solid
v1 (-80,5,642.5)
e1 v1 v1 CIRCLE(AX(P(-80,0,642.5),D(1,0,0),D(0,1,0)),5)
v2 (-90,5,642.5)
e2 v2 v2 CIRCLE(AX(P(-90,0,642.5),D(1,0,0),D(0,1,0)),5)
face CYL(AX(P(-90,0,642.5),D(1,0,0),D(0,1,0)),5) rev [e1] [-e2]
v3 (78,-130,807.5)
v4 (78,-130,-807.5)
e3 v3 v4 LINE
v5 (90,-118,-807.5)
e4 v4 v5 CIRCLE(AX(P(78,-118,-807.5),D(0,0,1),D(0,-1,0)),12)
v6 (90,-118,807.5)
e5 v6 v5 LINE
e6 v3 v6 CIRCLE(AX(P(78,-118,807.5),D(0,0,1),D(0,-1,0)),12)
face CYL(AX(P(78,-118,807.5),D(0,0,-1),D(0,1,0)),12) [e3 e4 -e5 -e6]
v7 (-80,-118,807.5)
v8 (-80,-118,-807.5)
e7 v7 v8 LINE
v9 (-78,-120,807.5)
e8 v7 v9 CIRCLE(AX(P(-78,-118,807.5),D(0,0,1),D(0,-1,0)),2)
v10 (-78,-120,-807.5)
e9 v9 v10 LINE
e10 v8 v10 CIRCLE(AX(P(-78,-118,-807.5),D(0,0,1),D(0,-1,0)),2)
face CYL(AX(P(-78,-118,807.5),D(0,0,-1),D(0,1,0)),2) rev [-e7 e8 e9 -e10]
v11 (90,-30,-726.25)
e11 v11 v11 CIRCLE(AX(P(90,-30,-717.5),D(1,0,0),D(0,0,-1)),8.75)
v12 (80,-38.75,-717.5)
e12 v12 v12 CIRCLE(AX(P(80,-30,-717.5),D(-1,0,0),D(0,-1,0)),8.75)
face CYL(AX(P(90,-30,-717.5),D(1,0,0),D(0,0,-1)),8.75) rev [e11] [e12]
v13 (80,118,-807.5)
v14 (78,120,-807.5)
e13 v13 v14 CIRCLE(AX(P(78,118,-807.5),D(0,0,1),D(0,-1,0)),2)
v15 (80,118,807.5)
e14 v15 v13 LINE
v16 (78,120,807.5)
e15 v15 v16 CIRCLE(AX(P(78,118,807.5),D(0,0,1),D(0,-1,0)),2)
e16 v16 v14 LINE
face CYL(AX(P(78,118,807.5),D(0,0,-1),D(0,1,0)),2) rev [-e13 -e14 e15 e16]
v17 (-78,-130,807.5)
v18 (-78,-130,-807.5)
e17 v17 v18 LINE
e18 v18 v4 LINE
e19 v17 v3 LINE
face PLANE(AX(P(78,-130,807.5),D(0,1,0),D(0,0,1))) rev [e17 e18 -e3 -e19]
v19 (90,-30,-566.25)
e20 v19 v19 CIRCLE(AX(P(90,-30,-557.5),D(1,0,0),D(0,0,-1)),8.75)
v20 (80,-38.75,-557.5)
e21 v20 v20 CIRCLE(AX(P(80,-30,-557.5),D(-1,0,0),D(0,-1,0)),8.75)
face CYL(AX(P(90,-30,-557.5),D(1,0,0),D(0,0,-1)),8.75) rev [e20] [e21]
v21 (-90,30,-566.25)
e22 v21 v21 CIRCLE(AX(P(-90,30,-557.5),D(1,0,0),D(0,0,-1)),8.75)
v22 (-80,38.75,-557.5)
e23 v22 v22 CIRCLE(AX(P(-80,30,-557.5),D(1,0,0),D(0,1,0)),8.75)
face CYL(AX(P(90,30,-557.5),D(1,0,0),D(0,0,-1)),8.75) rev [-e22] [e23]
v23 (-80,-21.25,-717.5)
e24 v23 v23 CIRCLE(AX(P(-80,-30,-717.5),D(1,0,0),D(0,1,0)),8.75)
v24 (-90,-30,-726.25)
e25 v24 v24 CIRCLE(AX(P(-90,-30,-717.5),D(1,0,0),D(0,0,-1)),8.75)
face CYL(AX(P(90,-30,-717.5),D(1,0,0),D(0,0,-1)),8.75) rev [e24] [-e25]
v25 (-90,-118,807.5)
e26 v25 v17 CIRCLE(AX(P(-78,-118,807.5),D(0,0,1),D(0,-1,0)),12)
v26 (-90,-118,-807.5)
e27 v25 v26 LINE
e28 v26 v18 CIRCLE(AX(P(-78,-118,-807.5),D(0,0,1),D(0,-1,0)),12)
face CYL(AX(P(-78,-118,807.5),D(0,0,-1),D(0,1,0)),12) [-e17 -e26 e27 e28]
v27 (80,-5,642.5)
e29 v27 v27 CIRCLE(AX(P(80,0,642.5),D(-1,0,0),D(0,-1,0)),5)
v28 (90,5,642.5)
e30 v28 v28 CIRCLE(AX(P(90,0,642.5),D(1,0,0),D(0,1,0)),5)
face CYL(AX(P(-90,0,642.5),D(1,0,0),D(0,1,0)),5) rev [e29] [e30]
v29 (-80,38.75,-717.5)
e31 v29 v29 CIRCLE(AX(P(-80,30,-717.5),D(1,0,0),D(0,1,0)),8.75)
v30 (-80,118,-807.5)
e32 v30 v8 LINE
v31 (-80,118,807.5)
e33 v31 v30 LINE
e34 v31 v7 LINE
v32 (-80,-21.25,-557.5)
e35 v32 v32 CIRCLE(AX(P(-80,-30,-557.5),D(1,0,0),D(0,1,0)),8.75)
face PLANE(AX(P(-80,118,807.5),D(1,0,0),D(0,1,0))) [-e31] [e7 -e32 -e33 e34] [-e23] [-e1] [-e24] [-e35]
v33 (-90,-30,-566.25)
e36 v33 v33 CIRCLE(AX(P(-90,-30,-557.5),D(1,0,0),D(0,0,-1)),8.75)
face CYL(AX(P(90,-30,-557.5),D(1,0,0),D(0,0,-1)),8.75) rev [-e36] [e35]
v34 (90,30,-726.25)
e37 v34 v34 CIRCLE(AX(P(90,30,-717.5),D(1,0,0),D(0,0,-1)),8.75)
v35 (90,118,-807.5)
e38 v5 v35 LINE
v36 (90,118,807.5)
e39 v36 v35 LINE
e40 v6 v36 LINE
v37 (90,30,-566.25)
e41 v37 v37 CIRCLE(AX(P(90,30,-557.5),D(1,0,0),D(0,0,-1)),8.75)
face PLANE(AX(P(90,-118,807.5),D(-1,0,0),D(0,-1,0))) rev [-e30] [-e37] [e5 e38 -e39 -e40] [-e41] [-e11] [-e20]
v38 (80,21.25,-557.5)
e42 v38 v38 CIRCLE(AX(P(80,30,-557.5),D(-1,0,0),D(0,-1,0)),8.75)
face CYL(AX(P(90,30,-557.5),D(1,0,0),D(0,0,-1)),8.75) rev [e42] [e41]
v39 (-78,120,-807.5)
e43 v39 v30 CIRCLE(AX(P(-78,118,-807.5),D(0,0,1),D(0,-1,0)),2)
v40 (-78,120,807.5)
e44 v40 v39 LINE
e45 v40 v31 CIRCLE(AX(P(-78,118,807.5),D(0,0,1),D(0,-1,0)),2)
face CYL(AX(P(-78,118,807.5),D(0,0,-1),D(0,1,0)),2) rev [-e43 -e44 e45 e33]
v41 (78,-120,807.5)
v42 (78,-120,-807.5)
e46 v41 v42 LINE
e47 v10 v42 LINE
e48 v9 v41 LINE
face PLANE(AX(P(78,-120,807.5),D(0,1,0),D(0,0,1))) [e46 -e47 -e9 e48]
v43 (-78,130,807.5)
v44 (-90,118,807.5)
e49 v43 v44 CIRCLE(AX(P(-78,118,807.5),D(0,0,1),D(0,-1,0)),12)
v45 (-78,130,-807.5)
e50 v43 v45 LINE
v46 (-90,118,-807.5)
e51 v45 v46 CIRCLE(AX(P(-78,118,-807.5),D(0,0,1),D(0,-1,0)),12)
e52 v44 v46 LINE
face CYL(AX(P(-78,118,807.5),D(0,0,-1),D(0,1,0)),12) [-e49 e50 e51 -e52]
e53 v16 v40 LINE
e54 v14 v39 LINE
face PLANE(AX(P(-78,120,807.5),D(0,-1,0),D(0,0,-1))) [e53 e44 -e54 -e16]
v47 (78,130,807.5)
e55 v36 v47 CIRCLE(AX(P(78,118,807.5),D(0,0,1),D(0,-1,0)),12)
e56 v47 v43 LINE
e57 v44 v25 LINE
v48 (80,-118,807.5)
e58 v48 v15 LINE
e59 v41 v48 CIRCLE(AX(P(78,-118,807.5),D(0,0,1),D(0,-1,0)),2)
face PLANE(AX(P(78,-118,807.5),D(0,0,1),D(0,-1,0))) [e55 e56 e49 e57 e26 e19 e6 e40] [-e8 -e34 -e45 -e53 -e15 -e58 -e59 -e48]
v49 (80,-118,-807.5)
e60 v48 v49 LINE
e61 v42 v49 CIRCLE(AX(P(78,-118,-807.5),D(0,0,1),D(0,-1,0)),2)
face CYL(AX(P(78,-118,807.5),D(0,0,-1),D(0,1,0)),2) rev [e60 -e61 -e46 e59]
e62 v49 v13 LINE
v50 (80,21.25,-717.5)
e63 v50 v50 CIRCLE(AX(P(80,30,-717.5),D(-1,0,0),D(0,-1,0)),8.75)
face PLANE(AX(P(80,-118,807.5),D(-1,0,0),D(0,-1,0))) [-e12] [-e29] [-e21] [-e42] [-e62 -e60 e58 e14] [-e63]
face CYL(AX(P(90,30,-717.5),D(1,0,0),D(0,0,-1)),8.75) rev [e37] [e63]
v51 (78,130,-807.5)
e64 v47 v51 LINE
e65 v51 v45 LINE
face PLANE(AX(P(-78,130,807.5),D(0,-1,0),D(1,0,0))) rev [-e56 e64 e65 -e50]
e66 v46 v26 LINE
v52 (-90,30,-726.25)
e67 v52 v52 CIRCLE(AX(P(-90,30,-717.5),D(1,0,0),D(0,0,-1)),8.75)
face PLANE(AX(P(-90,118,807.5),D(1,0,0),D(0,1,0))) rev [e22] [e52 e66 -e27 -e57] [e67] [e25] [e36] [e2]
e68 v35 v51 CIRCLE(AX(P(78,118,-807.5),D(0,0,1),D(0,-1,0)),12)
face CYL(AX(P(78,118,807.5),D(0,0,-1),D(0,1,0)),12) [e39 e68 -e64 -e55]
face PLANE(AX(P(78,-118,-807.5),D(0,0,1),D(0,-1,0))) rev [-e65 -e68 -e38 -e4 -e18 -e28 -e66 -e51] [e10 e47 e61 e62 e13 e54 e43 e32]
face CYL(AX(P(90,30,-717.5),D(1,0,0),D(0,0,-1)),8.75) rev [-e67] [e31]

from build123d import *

# Parameters (mm, degrees)
TUBE_SQUARE_TS3X3X0_3125_1_DEPTH = 1615
M20X2_5_TAPPED_HOLE1_D           = 17.5
SKETCH19_R                       = 5
CUT_EXTRUDE1_DEPTH               = 838.470148722


with BuildPart() as part:
    # Sketch14 → Tube square TS3X3X0.3125(1) (new body)
    with BuildSketch(Plane(origin=(0, 0, -807.5), x_dir=(0, -1, 0), z_dir=(0, 0, 1))):
        with BuildLine():
            Line((-118, -90), (118, -90))
            ThreePointArc((118, -90), (126.485281374, -86.485281374), (130, -78))
            Line((130, -78), (130, 78))
            ThreePointArc((130, 78), (126.485281374, 86.485281374), (118, 90))
            Line((118, 90), (-118, 90))
            ThreePointArc((-118, 90), (-126.485281374, 86.485281374), (-130, 78))
            Line((-130, 78), (-130, -78))
            ThreePointArc((-130, -78), (-126.485281374, -86.485281374), (-118, -90))
        make_face()
        with BuildLine():
            Line((-118, -80), (118, -80))
            ThreePointArc((118, -80), (119.414213562, -79.414213562), (120, -78))
            Line((120, -78), (120, 78))
            ThreePointArc((120, 78), (119.414213562, 79.414213562), (118, 80))
            Line((118, 80), (-118, 80))
            ThreePointArc((-118, 80), (-119.414213562, 79.414213562), (-120, 78))
            Line((-120, 78), (-120, -78))
            ThreePointArc((-120, -78), (-119.414213562, -79.414213562), (-118, -80))
        make_face(mode=Mode.SUBTRACT)
    extrude(amount=TUBE_SQUARE_TS3X3X0_3125_1_DEPTH)

    # M20x2.5 Tapped Hole1 (through all)
    with Locations(Plane(origin=(90, 0, 0), x_dir=(0, 0, -1), z_dir=(1, 0, 0))):
        with Locations((717.5, 30), (557.5, 30), (557.5, -30), (717.5, -30)):
            Hole(M20X2_5_TAPPED_HOLE1_D / 2)

    # Sketch19 → Cut-Extrude1 (cut, through all)
    with BuildSketch(Plane(origin=(90, 0, 0), x_dir=(0, 0, -1), z_dir=(1, 0, 0))):
        with Locations(Location((-642.5, 0, 0), (0, 0, 90))):
            Circle(SKETCH19_R)
    extrude(amount=-CUT_EXTRUDE1_DEPTH, mode=Mode.SUBTRACT)


solid = part.part
